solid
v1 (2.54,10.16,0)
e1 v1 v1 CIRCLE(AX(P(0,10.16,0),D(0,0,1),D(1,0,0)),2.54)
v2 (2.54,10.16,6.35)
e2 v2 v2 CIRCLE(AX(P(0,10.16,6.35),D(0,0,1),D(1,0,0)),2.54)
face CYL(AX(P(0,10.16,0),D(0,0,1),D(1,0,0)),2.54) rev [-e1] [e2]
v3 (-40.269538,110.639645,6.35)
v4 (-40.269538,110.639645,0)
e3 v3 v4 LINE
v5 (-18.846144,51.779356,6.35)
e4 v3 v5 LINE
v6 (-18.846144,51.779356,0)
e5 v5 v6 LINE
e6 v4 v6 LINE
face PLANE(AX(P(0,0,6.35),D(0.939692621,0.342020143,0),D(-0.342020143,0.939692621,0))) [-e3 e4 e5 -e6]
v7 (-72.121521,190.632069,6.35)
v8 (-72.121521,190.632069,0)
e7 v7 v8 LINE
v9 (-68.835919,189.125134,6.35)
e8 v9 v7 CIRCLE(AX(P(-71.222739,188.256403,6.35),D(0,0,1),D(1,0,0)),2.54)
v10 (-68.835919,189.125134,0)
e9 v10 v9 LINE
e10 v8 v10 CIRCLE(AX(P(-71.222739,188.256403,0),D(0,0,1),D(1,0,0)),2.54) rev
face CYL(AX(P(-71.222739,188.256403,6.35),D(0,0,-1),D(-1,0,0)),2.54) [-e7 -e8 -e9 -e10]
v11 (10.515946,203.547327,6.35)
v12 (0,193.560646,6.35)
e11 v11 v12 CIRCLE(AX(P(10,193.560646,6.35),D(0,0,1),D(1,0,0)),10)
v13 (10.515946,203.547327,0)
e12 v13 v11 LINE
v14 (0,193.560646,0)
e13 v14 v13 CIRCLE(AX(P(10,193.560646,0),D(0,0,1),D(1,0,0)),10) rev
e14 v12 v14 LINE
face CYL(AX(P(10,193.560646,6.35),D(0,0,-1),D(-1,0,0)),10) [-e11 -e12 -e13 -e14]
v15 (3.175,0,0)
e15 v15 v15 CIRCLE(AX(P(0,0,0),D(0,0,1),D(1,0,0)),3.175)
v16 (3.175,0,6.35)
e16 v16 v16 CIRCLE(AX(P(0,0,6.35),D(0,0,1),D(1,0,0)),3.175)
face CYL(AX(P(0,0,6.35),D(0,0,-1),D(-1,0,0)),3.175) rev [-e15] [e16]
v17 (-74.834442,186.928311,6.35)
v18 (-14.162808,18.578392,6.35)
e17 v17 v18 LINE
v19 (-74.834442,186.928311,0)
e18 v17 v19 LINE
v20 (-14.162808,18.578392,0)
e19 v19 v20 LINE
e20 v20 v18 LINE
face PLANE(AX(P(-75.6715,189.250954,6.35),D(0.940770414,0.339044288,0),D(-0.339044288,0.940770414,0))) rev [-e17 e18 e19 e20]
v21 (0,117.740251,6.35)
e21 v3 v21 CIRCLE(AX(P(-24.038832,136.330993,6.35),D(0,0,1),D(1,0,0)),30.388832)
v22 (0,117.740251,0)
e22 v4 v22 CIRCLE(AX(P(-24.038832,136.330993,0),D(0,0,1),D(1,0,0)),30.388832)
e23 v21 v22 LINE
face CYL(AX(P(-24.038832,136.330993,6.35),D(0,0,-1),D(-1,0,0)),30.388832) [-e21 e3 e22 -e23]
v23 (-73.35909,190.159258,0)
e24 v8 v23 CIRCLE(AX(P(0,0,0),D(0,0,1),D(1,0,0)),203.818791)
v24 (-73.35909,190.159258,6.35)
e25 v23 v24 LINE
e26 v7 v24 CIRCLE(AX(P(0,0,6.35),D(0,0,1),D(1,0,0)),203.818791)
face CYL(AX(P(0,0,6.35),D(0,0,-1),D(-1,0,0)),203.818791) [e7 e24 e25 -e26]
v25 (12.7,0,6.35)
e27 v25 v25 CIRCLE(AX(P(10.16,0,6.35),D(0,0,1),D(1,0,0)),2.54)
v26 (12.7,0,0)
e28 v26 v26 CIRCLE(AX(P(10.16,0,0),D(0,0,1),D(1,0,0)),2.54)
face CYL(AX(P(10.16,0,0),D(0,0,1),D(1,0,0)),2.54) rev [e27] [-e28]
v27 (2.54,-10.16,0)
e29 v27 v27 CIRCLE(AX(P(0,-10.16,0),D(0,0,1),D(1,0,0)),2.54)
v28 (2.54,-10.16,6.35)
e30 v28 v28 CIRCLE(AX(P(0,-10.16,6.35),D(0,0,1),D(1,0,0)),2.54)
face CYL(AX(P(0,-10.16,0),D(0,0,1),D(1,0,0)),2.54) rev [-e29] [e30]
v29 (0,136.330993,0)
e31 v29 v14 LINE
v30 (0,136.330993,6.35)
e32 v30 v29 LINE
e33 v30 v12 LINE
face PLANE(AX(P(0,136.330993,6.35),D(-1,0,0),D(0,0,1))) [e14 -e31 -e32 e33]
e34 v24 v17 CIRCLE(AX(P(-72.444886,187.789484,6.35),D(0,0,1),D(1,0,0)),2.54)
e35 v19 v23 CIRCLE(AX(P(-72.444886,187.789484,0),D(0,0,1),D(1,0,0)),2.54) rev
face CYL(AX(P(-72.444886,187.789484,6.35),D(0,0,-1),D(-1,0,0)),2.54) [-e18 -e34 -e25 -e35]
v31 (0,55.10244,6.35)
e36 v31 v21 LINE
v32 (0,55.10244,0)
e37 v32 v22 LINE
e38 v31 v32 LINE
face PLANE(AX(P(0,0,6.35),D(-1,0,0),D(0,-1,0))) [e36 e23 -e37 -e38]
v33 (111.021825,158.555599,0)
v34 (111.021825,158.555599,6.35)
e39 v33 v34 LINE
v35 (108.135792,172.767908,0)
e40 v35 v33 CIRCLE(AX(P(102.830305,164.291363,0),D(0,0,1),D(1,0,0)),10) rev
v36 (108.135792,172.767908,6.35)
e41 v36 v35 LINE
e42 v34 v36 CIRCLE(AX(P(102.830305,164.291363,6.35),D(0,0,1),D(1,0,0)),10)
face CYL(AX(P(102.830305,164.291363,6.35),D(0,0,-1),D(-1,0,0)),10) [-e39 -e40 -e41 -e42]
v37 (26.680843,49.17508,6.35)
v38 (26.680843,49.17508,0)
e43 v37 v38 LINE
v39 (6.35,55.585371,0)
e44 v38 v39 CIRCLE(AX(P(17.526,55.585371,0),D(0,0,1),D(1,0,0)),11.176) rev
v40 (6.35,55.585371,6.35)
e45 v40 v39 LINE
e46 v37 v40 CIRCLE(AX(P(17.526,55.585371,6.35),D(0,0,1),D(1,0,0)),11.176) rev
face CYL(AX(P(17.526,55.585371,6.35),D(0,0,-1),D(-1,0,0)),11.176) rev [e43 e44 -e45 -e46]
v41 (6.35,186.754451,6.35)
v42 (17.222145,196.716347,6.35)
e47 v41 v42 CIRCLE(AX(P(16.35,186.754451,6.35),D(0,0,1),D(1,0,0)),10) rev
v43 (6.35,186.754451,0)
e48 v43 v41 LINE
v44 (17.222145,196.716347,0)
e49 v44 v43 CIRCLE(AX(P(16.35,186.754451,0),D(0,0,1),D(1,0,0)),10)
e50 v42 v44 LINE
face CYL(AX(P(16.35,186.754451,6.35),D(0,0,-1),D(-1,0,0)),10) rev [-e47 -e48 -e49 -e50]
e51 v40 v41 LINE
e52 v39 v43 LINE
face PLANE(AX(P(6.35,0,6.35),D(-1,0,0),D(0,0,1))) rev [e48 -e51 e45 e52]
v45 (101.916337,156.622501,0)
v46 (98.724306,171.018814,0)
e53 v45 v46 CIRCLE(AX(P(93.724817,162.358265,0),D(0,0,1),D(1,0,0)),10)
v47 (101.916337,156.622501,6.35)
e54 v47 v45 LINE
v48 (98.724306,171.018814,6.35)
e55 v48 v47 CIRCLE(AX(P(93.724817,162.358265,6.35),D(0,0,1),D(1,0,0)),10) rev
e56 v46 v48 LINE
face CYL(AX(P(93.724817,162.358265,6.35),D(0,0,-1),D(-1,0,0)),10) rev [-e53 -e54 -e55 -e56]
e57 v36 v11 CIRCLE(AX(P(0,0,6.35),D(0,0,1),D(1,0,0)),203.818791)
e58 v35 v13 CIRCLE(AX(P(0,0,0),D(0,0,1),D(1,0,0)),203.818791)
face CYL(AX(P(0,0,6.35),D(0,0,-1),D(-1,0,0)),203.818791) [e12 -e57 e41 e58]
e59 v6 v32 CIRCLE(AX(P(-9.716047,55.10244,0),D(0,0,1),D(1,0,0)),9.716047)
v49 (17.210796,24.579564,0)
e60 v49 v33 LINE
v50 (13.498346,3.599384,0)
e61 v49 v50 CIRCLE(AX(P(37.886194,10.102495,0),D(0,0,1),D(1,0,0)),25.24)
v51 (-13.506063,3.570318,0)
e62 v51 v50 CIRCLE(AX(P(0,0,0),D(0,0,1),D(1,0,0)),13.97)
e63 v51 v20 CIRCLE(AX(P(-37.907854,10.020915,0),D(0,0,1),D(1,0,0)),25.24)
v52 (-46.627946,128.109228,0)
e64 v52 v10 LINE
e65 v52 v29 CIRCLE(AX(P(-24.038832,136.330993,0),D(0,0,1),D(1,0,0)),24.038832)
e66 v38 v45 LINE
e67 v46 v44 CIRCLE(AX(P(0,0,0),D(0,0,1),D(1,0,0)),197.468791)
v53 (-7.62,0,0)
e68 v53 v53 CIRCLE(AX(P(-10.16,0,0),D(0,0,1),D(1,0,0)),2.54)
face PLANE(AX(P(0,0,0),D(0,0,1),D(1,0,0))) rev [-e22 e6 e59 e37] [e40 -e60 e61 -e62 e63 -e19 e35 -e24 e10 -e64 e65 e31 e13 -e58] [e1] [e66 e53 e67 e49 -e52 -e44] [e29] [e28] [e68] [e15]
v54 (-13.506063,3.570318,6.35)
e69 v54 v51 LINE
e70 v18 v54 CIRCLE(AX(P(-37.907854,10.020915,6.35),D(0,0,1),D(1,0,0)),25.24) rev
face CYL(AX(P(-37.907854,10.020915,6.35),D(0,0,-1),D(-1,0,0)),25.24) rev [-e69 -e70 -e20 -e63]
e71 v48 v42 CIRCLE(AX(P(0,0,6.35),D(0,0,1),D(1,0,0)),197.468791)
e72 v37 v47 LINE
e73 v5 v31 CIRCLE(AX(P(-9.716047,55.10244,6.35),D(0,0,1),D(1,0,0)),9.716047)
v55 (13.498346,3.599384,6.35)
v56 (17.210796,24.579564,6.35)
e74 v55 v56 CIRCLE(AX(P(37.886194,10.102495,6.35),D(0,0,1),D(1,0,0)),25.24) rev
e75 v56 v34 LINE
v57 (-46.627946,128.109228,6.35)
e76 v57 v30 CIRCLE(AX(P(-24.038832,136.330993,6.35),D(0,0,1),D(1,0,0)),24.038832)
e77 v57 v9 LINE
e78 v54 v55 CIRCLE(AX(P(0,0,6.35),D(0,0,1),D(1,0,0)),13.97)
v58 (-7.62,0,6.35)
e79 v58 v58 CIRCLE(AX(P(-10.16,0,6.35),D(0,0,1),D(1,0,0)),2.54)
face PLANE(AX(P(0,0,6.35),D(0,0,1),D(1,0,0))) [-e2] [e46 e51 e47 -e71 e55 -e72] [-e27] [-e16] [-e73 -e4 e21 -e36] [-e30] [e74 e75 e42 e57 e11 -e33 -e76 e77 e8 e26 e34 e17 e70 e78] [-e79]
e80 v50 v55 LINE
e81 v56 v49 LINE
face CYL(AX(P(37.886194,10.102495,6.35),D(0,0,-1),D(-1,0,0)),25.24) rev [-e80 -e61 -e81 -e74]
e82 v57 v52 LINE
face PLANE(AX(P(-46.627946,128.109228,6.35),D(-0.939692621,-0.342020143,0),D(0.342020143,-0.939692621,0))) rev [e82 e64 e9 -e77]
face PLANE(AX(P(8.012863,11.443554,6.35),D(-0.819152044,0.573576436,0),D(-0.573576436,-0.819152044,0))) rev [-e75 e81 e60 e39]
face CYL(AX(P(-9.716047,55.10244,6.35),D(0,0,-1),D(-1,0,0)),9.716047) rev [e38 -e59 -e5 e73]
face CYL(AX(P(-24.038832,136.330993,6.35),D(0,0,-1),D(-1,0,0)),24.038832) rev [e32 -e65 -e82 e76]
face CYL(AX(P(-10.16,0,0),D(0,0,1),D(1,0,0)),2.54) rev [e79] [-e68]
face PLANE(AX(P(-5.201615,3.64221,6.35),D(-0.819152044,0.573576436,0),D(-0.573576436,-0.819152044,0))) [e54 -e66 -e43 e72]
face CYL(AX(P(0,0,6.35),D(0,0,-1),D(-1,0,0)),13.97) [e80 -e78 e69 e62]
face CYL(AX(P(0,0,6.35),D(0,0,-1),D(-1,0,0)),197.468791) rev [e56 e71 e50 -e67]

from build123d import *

# Parameters (mm, degrees)
SKETCH1_R          = 3.175
BASE_EXTRUDE_DEPTH = 6.35
FILLET1_R          = 10
FILLET2_R          = 2.54
SKETCH2_R          = 2.54
MOUNT_HOLES_DEPTH  = 233.825979653
FILLET3_R          = 25.24


with BuildPart() as part:
    # Sketch1 → Base Extrude (new body)
    with BuildSketch(Plane.XY):
        with BuildLine():
            Line((-75.671499827, 189.250953956), (-10.702976856, 8.978150501))
            ThreePointArc((-10.702976856, 8.978150501), (1.824481313, -13.850349019), (8.012862816, 11.443554059))
            Line((8.012862816, 11.443554059), (116.905655655, 166.9585791))
            ThreePointArc((116.905655655, 166.9585791), (61.289492424, 194.385435611), (0, 203.818790741))
            Line((0, 203.818790741), (0, 136.3309927))
            ThreePointArc((0, 136.3309927), (-19.864532894, 112.657364258), (-46.627945663, 128.109227825))
            Line((-46.627945663, 128.109227825), (-69.710132022, 191.527013637))
            ThreePointArc((-69.710132022, 191.527013637), (-72.699723739, 190.4123148), (-75.671499827, 189.250953956))
        make_face()
        Circle(SKETCH1_R, mode=Mode.SUBTRACT)
        with BuildLine():
            Line((26.680843247, 49.175080254), (108.003253412, 165.315518235))
            ThreePointArc((108.003253412, 165.315518235), (59.380010597, 188.329332974), (6.35, 197.366665921))
            Line((6.35, 197.366665921), (6.35, 55.585370506))
            ThreePointArc((6.35, 55.585370506), (14.165311985, 44.926629865), (26.680843247, 49.175080254))
        make_face(mode=Mode.SUBTRACT)
        with BuildLine():
            Line((0, 55.102439922), (0, 117.740251175))
            ThreePointArc((0, 117.740251175), (-18.761866966, 106.403835026), (-40.269537582, 110.639645198))
            Line((-40.269537582, 110.639645198), (-18.8461444, 51.779356182))
            ThreePointArc((-18.8461444, 51.779356182), (-8.02887303, 45.534001644), (0, 55.102439922))
        make_face(mode=Mode.SUBTRACT)
    extrude(amount=BASE_EXTRUDE_DEPTH)

    # Fillet1
    fillet1_edges = [part.edges().sort_by_distance(p)[0] for p in [
        (0, 203.818790741, 3.175),
        (116.905655655, 166.9585791, 3.175),
        (108.003253412, 165.315518235, 3.175),
        (6.35, 197.366665921, 3.175),
    ]]
    fillet(fillet1_edges, radius=FILLET1_R)

    # Fillet2
    fillet2_edges = [part.edges().sort_by_distance(p)[0] for p in [
        (-75.671499827, 189.250953956, 3.175),
        (-69.710132022, 191.527013637, 3.175),
    ]]
    fillet(fillet2_edges, radius=FILLET2_R)

    # Sketch2 → Mount Holes (cut, through all)
    with BuildSketch(Plane.XY.offset(6.35)):
        with Locations((0, 10.16)):
            Circle(SKETCH2_R)
        with Locations((10.16, 0)):
            Circle(SKETCH2_R)
        with Locations((0, -10.16)):
            Circle(SKETCH2_R)
        with Locations((-10.16, 0)):
            Circle(SKETCH2_R)
    extrude(amount=-MOUNT_HOLES_DEPTH, mode=Mode.SUBTRACT)

    # Fillet3
    fillet3_edges = [part.edges().sort_by_distance(p)[0] for p in [
        (8.012862816, 11.443554059, 3.175),
        (-10.702976856, 8.978150501, 3.175),
    ]]
    fillet(fillet3_edges, radius=FILLET3_R)


solid = part.part
